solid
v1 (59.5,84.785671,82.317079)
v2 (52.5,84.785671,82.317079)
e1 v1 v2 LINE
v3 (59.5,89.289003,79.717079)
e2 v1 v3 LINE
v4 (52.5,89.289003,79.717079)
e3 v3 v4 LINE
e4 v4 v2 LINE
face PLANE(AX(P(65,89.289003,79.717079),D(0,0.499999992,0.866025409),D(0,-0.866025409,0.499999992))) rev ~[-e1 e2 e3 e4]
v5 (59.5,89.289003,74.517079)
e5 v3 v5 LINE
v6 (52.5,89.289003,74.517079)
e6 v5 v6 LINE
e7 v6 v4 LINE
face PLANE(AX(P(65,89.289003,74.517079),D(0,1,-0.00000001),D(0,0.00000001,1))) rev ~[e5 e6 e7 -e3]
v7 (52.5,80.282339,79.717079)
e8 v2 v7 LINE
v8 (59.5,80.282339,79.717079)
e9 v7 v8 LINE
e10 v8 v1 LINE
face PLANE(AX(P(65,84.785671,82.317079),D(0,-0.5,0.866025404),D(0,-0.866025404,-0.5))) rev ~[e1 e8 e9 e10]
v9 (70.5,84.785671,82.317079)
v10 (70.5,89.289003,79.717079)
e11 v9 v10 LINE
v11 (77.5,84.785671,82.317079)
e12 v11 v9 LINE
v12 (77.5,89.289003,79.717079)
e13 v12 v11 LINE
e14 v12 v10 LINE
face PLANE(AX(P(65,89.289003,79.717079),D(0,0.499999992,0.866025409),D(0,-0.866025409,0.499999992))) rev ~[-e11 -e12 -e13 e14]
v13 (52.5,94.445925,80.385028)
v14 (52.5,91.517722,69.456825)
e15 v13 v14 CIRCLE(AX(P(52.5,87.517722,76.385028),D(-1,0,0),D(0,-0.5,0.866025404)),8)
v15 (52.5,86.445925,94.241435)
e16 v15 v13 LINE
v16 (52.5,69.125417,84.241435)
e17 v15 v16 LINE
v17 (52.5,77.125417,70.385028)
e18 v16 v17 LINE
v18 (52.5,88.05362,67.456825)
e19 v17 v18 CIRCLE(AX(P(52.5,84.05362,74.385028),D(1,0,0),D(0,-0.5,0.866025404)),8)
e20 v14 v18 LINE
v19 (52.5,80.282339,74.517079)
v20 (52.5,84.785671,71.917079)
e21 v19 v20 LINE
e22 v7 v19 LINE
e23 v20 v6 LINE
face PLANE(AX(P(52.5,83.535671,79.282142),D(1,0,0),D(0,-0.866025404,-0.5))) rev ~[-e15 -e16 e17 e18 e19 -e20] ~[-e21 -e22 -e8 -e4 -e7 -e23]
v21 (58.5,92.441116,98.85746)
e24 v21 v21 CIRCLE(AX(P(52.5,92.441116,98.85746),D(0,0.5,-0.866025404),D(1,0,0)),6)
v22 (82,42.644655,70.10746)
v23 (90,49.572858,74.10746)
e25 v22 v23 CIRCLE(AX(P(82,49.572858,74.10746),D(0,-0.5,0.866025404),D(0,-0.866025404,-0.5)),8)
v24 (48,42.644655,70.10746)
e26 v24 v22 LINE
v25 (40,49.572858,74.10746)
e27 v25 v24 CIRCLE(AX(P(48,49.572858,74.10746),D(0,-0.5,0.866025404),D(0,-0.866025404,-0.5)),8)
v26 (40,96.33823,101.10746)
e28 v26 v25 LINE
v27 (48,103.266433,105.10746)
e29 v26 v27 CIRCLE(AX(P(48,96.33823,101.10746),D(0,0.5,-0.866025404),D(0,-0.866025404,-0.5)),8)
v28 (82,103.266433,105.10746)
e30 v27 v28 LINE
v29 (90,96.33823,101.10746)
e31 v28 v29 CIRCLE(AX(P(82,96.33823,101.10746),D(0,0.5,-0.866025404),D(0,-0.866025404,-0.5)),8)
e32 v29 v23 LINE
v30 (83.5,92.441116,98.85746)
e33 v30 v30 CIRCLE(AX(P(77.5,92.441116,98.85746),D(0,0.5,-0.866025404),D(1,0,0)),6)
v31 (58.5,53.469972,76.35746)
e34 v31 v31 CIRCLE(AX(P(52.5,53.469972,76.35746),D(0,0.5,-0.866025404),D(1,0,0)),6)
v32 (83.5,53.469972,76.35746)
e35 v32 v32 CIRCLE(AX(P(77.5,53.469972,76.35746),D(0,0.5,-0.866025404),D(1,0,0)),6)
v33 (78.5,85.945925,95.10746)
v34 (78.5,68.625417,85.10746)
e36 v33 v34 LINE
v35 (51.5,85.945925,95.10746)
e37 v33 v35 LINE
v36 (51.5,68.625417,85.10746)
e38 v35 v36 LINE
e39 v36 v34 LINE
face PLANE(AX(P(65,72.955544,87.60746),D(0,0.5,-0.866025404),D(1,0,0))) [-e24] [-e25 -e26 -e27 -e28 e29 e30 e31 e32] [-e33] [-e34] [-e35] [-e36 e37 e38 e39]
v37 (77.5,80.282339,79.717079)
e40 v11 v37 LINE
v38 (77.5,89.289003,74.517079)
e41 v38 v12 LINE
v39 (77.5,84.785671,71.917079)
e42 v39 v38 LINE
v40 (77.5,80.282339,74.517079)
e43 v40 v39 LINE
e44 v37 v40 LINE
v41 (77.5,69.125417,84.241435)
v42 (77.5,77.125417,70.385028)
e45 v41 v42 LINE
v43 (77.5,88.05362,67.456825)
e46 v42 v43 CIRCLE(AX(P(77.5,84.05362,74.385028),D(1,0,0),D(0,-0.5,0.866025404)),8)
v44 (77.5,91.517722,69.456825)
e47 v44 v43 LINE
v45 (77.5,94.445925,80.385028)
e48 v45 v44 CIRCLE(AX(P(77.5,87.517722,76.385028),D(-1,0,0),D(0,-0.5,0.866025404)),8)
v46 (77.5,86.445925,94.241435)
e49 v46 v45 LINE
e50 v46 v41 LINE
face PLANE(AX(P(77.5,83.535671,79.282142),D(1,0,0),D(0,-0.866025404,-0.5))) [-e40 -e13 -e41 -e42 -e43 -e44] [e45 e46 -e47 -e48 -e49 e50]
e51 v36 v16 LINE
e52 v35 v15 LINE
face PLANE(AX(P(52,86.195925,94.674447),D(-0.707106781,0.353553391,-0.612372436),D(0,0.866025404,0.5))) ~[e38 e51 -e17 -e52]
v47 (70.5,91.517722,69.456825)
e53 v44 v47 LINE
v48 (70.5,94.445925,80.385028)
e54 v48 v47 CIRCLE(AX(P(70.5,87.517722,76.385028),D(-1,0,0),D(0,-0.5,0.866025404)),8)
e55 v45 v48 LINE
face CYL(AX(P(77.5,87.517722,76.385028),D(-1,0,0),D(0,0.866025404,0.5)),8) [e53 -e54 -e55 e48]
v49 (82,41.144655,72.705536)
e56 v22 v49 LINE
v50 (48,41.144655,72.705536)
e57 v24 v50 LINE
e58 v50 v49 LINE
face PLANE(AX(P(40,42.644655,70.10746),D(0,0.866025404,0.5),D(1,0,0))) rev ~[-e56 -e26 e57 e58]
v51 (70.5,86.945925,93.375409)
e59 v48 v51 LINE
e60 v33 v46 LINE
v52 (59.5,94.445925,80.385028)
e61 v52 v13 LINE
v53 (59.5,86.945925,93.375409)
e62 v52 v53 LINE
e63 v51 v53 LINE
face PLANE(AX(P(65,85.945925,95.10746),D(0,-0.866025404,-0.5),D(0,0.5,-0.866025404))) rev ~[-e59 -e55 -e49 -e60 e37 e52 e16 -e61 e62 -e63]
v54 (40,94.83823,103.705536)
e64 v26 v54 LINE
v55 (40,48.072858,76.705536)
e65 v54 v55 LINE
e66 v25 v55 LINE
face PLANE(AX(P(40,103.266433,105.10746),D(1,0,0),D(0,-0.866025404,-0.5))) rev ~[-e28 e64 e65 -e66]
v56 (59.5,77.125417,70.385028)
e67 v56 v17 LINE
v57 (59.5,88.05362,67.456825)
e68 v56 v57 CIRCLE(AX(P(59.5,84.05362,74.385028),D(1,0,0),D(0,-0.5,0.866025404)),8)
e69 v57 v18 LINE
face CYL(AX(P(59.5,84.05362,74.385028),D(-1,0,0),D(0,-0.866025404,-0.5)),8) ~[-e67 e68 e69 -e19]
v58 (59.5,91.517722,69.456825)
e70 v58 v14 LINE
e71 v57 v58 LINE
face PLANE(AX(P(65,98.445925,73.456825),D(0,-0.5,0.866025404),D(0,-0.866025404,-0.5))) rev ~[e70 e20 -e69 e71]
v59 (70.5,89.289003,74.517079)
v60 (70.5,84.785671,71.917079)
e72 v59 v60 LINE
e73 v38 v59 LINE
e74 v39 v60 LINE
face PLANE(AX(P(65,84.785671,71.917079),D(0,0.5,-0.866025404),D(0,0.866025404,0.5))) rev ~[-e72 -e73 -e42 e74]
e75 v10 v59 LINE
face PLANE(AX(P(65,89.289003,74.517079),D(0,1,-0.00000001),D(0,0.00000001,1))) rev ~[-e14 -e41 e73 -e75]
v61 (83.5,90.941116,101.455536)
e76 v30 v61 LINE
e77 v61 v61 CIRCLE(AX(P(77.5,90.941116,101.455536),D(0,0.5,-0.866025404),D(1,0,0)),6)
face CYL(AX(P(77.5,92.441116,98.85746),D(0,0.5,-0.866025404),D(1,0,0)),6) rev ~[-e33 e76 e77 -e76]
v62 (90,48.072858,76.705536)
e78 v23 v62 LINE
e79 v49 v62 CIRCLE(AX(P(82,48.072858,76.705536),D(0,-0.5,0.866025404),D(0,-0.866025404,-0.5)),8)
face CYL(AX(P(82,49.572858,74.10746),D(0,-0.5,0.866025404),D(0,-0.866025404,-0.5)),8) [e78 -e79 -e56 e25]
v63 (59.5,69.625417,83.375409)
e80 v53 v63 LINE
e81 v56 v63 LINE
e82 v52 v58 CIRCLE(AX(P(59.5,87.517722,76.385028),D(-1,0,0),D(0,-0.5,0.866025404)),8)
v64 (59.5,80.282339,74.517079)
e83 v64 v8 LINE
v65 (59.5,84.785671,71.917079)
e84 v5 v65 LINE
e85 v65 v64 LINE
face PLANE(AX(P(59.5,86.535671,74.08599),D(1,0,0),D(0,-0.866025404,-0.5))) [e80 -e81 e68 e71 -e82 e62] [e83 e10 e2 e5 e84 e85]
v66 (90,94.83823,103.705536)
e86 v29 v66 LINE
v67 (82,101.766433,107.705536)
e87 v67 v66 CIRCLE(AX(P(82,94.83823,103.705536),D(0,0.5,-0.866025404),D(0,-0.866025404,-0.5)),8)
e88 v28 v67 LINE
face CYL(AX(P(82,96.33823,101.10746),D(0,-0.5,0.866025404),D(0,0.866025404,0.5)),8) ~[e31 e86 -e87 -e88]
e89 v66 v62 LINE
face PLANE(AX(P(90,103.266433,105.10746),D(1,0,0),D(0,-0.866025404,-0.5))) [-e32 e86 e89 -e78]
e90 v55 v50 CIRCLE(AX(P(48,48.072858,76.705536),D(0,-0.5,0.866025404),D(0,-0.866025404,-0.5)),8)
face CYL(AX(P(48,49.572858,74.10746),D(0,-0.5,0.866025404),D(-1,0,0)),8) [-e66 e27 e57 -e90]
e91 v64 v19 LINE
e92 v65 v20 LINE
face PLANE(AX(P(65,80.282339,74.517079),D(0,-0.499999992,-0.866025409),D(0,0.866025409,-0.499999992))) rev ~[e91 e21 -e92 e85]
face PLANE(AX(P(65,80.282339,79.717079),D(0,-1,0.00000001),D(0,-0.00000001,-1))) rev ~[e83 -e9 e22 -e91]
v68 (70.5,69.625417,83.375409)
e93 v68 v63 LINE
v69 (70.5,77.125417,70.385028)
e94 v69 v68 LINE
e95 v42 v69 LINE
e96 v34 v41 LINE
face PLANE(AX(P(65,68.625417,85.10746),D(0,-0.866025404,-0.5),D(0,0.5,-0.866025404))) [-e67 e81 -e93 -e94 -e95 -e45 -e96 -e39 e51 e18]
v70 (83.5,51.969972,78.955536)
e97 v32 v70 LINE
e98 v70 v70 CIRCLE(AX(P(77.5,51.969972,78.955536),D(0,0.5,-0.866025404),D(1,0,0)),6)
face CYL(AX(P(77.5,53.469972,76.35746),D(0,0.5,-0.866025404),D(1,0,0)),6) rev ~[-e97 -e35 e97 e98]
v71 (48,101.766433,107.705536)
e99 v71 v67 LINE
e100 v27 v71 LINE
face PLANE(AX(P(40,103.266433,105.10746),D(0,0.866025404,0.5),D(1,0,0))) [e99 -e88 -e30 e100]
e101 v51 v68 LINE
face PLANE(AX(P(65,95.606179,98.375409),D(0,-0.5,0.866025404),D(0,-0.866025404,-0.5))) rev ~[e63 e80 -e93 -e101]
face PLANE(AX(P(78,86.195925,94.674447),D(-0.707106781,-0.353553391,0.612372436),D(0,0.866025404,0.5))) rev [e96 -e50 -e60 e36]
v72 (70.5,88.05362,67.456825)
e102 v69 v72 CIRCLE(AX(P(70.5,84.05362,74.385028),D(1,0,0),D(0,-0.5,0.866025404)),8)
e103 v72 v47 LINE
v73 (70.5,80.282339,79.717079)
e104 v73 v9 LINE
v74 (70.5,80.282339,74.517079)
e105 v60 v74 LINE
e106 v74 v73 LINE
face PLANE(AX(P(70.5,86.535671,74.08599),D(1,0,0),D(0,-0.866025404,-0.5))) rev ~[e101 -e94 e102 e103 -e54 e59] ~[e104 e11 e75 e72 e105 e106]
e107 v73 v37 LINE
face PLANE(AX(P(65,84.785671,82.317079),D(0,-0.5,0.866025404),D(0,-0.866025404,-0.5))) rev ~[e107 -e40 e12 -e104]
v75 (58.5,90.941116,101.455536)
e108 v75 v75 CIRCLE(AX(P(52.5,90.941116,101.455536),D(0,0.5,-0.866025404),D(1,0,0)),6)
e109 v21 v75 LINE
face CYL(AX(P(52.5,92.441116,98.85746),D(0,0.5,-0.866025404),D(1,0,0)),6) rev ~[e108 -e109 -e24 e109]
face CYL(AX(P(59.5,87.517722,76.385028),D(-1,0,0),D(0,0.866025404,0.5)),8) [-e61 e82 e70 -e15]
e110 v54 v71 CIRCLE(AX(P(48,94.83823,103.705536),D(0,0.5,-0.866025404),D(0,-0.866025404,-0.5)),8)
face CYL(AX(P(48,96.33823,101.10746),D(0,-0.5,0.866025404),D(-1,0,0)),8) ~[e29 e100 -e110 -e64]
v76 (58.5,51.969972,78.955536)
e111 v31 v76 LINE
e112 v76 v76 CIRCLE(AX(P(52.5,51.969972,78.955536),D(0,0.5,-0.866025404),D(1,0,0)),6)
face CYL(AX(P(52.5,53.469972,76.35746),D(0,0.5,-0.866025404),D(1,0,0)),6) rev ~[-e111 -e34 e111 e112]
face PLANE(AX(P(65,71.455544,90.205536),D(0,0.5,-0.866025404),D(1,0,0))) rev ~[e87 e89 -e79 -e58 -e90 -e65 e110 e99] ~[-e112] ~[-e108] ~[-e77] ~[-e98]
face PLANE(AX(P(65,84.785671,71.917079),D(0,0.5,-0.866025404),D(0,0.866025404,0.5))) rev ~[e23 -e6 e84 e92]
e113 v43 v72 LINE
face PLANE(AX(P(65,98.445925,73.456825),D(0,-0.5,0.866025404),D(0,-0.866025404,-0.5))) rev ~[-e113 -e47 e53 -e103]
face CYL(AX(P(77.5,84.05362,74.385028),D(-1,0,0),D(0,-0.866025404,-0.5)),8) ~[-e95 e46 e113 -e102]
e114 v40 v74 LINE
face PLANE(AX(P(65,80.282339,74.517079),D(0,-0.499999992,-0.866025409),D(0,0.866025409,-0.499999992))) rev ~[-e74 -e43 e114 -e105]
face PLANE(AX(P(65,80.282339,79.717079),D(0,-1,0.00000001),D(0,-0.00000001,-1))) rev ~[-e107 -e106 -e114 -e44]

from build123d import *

# Parameters (mm, degrees)
SKETCH070_W             = 50
SKETCH070_H             = 70
SKETCH070_R             = 6
PAD035_DEPTH            = 3
SKETCH072_W             = 20
SKETCH072_H             = 25
PAD036_DEPTH            = 12.5
SKETCH071_W             = 40
SKETCH071_H             = 33
POCKET028_DEPTH         = 5.5
FILLET001_R             = 8
CHAMFER002_SIZE         = 1
BODY015_PLACEMENT_ANGLE = 210


with BuildPart() as part:
    # Sketch070 → Pad035 (new body)
    with BuildSketch(Plane.XY):
        with Locations((0, 5)):
            Rectangle(SKETCH070_W, SKETCH070_H)
        with Locations((-12.5, 27.5)):
            Circle(SKETCH070_R, mode=Mode.SUBTRACT)
        with Locations((12.5, 27.5)):
            Circle(SKETCH070_R, mode=Mode.SUBTRACT)
        with Locations((-12.5, -17.5)):
            Circle(SKETCH070_R, mode=Mode.SUBTRACT)
        with Locations((12.5, -17.5)):
            Circle(SKETCH070_R, mode=Mode.SUBTRACT)
    extrude(amount=-PAD035_DEPTH)

    # Sketch072 → Pad036 (join, symmetric)
    with BuildSketch(Plane.YZ):
        with Locations((0, 12.5)):
            Rectangle(SKETCH072_W, SKETCH072_H)
        Polygon((2.6, 10.496668), (5.2, 15), (2.6, 19.503332), (-2.6, 19.503332), (-5.2, 15), (-2.6, 10.496668), align=None, mode=Mode.SUBTRACT)
    extrude(amount=PAD036_DEPTH, both=True)

    # Sketch071 → Pocket028 (cut, symmetric)
    with BuildSketch(Plane.YZ):
        with Locations((0, 18.5)):
            Rectangle(SKETCH071_W, SKETCH071_H)
    extrude(amount=POCKET028_DEPTH, both=True, mode=Mode.SUBTRACT)

    # Fillet001
    fillet001_edges = [part.edges().sort_by_distance(p)[0] for p in [
        (-25, -30, -1.5),
        (-25, 40, -1.5),
        (25, 40, -1.5),
        (25, -30, -1.5),
        (-9, 10, 25),
        (9, 10, 25),
        (-9, -10, 25),
        (9, -10, 25),
    ]]
    fillet(fillet001_edges, radius=FILLET001_R)

    # Chamfer002
    chamfer002_edges = [part.edges().sort_by_distance(p)[0] for p in [
        (12.5, 0, 0),
        (-12.5, 0, 0),
    ]]
    chamfer(chamfer002_edges, length=CHAMFER002_SIZE)


with BuildPart() as part_1:
    # Body015 placement: moved
    add(part.part.moved(Location((65, 77.285671, 90.10746))).rotate(Axis((65, 77.285671, 90.10746), (1, 0, 0)), BODY015_PLACEMENT_ANGLE))


solid = part_1.part
